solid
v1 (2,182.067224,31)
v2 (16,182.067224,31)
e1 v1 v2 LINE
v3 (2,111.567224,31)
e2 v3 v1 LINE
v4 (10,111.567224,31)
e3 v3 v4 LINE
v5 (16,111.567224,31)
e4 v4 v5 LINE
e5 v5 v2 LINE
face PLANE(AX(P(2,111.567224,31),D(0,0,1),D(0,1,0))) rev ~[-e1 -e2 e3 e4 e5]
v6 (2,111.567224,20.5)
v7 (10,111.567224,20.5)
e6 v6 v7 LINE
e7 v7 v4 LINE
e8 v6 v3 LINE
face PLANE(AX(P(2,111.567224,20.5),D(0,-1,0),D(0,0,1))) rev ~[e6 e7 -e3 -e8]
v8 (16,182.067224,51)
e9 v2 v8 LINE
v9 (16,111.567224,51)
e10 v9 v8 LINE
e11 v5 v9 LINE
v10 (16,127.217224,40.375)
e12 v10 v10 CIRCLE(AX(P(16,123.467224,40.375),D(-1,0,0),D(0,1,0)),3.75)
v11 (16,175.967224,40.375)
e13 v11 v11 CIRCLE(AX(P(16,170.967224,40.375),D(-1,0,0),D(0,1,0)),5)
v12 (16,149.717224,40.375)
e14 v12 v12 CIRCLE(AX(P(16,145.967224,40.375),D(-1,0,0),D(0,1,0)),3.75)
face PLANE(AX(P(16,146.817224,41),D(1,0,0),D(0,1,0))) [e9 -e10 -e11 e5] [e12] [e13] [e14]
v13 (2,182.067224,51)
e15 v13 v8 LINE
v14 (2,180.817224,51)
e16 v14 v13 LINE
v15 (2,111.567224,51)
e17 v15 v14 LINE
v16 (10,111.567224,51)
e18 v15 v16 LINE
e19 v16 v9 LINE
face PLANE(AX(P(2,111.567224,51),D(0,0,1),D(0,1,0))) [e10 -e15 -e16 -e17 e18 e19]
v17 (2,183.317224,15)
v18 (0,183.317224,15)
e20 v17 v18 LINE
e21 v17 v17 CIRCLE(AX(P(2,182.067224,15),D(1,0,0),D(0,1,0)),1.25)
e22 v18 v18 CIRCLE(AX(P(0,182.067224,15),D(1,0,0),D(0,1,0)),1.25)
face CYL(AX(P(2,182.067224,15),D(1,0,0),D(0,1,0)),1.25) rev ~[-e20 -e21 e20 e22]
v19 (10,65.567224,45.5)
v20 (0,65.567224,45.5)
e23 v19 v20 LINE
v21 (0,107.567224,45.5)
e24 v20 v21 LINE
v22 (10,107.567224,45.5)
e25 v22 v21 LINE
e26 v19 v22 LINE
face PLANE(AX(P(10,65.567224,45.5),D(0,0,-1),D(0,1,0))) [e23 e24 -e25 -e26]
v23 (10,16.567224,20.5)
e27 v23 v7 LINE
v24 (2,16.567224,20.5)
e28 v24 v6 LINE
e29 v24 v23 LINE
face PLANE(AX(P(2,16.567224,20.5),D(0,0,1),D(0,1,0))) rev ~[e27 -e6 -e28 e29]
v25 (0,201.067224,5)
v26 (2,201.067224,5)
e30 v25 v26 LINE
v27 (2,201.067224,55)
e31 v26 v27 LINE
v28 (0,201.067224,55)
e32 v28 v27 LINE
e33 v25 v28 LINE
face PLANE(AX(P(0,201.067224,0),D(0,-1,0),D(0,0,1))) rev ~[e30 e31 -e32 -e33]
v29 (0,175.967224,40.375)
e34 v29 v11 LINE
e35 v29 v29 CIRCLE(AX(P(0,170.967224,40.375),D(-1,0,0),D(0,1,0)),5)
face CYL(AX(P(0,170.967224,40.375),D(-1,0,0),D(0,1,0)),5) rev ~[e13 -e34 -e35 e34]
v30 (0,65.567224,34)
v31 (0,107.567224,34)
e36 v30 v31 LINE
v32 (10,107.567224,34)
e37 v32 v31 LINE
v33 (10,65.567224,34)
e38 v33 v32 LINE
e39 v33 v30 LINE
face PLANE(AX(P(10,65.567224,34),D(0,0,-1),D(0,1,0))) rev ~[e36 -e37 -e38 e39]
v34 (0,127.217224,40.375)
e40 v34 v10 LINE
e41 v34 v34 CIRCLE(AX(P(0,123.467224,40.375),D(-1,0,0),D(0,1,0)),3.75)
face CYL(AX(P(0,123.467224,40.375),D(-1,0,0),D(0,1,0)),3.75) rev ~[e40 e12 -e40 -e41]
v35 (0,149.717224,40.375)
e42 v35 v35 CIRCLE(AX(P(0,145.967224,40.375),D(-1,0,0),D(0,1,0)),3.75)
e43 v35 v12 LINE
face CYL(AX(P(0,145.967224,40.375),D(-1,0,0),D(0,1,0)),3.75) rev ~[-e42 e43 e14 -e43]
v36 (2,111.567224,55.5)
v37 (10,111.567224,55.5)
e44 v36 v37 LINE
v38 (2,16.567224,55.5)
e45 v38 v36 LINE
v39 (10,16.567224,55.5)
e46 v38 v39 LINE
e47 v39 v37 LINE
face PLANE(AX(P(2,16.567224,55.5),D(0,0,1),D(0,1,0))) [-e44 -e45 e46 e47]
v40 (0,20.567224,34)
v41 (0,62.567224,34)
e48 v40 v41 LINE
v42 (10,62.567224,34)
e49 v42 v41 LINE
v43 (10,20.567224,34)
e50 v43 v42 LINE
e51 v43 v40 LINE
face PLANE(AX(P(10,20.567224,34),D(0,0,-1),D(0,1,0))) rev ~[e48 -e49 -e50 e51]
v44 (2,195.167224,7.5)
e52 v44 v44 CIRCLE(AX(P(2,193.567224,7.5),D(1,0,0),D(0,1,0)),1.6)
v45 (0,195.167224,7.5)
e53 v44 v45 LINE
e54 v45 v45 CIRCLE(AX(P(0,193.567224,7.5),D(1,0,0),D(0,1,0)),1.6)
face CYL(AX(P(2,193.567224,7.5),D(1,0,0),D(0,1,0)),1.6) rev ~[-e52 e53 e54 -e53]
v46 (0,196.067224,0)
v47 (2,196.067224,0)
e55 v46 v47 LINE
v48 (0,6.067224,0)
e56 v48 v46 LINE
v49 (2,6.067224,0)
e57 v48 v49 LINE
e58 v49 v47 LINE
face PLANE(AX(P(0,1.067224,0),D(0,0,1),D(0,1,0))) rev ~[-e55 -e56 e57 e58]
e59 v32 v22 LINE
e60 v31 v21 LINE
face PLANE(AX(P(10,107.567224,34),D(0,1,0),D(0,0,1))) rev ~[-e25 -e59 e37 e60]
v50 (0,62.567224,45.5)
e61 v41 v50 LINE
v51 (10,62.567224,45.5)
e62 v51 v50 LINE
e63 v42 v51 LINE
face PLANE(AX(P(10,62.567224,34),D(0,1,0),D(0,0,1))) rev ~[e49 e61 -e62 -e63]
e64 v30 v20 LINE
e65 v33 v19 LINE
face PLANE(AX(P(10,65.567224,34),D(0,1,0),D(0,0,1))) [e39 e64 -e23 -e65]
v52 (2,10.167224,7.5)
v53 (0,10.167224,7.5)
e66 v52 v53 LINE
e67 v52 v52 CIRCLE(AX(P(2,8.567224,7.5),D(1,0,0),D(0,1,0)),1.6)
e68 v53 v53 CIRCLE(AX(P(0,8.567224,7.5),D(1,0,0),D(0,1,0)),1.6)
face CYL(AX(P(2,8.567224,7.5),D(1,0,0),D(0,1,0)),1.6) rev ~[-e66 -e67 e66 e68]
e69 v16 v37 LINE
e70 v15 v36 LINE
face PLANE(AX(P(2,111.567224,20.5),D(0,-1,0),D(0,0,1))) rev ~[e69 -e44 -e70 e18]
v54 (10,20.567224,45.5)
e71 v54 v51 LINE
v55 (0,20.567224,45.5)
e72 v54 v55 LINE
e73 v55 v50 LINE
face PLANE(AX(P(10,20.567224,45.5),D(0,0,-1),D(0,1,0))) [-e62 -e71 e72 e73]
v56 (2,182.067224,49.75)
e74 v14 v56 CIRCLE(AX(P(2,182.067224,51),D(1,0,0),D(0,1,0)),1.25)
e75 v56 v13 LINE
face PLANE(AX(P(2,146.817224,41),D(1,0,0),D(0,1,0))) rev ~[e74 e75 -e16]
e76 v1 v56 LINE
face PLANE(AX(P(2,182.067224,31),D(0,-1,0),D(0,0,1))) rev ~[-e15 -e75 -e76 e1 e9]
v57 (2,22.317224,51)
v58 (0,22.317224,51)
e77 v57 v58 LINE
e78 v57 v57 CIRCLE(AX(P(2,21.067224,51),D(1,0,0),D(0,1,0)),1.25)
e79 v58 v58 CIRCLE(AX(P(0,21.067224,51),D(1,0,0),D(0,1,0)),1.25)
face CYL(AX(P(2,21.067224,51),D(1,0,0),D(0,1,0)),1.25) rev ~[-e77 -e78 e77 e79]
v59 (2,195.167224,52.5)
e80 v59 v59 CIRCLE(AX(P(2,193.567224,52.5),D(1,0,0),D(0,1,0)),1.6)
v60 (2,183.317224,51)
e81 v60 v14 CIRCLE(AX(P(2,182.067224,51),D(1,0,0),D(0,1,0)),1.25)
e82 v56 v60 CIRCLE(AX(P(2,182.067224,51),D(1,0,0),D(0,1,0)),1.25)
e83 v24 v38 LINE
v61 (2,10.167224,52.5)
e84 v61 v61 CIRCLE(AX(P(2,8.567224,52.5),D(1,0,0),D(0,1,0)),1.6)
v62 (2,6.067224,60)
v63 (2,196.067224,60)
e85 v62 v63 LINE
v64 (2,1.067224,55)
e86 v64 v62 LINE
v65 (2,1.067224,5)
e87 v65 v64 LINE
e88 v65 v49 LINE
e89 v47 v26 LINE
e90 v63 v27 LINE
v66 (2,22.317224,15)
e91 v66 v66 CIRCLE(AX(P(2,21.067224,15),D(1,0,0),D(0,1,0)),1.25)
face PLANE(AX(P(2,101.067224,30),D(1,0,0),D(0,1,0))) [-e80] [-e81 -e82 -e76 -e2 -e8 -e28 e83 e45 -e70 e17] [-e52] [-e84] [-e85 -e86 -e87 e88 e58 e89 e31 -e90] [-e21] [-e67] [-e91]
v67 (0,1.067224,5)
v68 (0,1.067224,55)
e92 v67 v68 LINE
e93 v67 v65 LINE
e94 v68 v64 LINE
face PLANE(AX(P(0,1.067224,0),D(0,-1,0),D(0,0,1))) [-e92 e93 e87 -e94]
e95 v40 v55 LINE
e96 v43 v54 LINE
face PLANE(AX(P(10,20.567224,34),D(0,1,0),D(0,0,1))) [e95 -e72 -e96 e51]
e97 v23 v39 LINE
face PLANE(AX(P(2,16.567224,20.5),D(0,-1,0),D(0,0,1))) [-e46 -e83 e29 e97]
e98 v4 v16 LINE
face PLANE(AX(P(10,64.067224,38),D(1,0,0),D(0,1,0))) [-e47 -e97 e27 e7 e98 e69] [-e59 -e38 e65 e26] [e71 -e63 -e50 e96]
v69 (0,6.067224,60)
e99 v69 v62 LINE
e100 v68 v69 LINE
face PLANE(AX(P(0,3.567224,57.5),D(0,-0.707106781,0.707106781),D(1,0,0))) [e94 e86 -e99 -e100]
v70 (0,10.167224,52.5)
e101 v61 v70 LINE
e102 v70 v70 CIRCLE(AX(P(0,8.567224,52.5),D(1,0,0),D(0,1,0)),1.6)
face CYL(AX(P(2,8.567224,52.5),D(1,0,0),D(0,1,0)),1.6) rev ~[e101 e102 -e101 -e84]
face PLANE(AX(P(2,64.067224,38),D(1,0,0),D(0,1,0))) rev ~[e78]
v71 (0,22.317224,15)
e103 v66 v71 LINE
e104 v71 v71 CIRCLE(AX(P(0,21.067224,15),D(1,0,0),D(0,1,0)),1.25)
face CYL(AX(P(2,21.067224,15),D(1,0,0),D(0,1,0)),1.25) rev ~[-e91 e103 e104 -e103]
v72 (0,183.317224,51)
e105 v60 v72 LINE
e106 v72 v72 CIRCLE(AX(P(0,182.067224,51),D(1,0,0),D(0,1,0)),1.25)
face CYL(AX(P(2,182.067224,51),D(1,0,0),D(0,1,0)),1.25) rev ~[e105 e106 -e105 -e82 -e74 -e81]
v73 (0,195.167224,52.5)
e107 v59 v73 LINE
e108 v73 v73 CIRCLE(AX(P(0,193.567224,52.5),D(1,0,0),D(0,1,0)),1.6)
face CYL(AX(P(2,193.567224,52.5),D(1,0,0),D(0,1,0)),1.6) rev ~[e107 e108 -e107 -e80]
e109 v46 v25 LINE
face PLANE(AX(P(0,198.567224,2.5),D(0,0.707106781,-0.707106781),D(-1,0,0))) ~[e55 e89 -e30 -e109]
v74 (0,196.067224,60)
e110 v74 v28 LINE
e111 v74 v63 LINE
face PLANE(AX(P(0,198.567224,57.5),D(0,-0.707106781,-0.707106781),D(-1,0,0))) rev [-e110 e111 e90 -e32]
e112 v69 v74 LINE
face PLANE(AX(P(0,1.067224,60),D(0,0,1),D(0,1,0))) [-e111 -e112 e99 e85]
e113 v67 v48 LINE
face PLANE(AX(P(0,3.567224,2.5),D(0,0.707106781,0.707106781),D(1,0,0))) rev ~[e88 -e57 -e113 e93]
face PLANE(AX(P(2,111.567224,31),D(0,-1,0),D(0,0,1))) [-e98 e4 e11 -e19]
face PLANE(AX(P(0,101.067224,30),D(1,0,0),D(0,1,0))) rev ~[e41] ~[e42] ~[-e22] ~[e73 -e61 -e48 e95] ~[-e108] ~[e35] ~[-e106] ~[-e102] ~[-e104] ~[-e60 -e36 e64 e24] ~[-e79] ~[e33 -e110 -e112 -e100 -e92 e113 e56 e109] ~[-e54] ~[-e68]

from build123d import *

# Parameters (mm, degrees)
SKETCH_W        = 200
SKETCH_H        = 60
PAD_DEPTH       = 2
SKETCH002_R     = 1.6
POCKET001_DEPTH = 5
CHAMFER_SIZE    = 5
SKETCH004_R     = 1.25
POCKET_DEPTH    = 2.001
SKETCH003_W     = 95
SKETCH003_H     = 35
PAD001_DEPTH    = 8
SKETCH005_W     = 42
SKETCH005_H     = 11.5
POCKET002_DEPTH = 10.001
SKETCH006_W     = 70.5
SKETCH006_H     = 20
PAD002_DEPTH    = 14
SKETCH007_R     = 5
SKETCH007_R_2   = 3.75
POCKET003_DEPTH = 16.001


with BuildPart() as part:
    # Sketch → Pad (new body)
    with BuildSketch(Plane.YZ):
        with Locations((100, 30)):
            Rectangle(SKETCH_W, SKETCH_H)
    extrude(amount=PAD_DEPTH)

    # Sketch002 → Pocket001 (cut)
    with BuildSketch(Plane.YZ.offset(2)):
        with Locations((7.5, 52.5)):
            Circle(SKETCH002_R)
        with Locations((7.5, 7.5)):
            Circle(SKETCH002_R)
        with Locations((192.5, 7.5)):
            Circle(SKETCH002_R)
        with Locations((192.5, 52.5)):
            Circle(SKETCH002_R)
    extrude(amount=-POCKET001_DEPTH, mode=Mode.SUBTRACT)

    # Chamfer
    chamfer_edges = [part.edges().sort_by_distance(p)[0] for p in [
        (1, 0, 0),
        (1, 0, 60),
        (1, 200, 60),
        (1, 200, 0),
    ]]
    chamfer(chamfer_edges, length=CHAMFER_SIZE)

    # Sketch004 (on Face5 of Chamfer) → Pocket (cut, through all)
    with BuildSketch(Plane.YZ.offset(2)):
        with Locations((20, 51)):
            Circle(SKETCH004_R)
        with Locations((20, 15)):
            Circle(SKETCH004_R)
        with Locations((181, 15)):
            Circle(SKETCH004_R)
        with Locations((181, 51)):
            Circle(SKETCH004_R)
    extrude(amount=-POCKET_DEPTH, mode=Mode.SUBTRACT)

    # Sketch003 → Pad001 (join)
    with BuildSketch(Plane.YZ.offset(2)):
        with Locations((63, 38)):
            Rectangle(SKETCH003_W, SKETCH003_H)
    extrude(amount=PAD001_DEPTH)

    # Sketch005 (on Face24 of Pad001) → Pocket002 (cut, through all)
    with BuildSketch(Plane.YZ.offset(10)):
        with Locations((40.5, 39.75)):
            Rectangle(SKETCH005_W, SKETCH005_H)
        with Locations((85.5, 39.75)):
            Rectangle(SKETCH005_W, SKETCH005_H)
    extrude(amount=-POCKET002_DEPTH, mode=Mode.SUBTRACT)

    # Sketch006 (on Face5 of Pocket002) → Pad002 (join)
    with BuildSketch(Plane.YZ.offset(2)):
        with Locations((145.75, 41)):
            Rectangle(SKETCH006_W, SKETCH006_H)
    extrude(amount=PAD002_DEPTH)

    # Sketch007 (on Face2 of Pad002) → Pocket003 (cut, through all)
    with BuildSketch(Plane(origin=(0, 0, 0), x_dir=(0, 1, 0), z_dir=(-1, 0, 0))):
        with Locations((169.9, -40.375)):
            Circle(SKETCH007_R)
        with Locations((144.9, -40.375)):
            Circle(SKETCH007_R_2)
        with Locations((122.4, -40.375)):
            Circle(SKETCH007_R_2)
    extrude(amount=-POCKET003_DEPTH, mode=Mode.SUBTRACT)


with BuildPart() as part_1:
    # Body placement: moved
    add(part.part.moved(Location((0, 1.067224, 0))))


solid = part_1.part
